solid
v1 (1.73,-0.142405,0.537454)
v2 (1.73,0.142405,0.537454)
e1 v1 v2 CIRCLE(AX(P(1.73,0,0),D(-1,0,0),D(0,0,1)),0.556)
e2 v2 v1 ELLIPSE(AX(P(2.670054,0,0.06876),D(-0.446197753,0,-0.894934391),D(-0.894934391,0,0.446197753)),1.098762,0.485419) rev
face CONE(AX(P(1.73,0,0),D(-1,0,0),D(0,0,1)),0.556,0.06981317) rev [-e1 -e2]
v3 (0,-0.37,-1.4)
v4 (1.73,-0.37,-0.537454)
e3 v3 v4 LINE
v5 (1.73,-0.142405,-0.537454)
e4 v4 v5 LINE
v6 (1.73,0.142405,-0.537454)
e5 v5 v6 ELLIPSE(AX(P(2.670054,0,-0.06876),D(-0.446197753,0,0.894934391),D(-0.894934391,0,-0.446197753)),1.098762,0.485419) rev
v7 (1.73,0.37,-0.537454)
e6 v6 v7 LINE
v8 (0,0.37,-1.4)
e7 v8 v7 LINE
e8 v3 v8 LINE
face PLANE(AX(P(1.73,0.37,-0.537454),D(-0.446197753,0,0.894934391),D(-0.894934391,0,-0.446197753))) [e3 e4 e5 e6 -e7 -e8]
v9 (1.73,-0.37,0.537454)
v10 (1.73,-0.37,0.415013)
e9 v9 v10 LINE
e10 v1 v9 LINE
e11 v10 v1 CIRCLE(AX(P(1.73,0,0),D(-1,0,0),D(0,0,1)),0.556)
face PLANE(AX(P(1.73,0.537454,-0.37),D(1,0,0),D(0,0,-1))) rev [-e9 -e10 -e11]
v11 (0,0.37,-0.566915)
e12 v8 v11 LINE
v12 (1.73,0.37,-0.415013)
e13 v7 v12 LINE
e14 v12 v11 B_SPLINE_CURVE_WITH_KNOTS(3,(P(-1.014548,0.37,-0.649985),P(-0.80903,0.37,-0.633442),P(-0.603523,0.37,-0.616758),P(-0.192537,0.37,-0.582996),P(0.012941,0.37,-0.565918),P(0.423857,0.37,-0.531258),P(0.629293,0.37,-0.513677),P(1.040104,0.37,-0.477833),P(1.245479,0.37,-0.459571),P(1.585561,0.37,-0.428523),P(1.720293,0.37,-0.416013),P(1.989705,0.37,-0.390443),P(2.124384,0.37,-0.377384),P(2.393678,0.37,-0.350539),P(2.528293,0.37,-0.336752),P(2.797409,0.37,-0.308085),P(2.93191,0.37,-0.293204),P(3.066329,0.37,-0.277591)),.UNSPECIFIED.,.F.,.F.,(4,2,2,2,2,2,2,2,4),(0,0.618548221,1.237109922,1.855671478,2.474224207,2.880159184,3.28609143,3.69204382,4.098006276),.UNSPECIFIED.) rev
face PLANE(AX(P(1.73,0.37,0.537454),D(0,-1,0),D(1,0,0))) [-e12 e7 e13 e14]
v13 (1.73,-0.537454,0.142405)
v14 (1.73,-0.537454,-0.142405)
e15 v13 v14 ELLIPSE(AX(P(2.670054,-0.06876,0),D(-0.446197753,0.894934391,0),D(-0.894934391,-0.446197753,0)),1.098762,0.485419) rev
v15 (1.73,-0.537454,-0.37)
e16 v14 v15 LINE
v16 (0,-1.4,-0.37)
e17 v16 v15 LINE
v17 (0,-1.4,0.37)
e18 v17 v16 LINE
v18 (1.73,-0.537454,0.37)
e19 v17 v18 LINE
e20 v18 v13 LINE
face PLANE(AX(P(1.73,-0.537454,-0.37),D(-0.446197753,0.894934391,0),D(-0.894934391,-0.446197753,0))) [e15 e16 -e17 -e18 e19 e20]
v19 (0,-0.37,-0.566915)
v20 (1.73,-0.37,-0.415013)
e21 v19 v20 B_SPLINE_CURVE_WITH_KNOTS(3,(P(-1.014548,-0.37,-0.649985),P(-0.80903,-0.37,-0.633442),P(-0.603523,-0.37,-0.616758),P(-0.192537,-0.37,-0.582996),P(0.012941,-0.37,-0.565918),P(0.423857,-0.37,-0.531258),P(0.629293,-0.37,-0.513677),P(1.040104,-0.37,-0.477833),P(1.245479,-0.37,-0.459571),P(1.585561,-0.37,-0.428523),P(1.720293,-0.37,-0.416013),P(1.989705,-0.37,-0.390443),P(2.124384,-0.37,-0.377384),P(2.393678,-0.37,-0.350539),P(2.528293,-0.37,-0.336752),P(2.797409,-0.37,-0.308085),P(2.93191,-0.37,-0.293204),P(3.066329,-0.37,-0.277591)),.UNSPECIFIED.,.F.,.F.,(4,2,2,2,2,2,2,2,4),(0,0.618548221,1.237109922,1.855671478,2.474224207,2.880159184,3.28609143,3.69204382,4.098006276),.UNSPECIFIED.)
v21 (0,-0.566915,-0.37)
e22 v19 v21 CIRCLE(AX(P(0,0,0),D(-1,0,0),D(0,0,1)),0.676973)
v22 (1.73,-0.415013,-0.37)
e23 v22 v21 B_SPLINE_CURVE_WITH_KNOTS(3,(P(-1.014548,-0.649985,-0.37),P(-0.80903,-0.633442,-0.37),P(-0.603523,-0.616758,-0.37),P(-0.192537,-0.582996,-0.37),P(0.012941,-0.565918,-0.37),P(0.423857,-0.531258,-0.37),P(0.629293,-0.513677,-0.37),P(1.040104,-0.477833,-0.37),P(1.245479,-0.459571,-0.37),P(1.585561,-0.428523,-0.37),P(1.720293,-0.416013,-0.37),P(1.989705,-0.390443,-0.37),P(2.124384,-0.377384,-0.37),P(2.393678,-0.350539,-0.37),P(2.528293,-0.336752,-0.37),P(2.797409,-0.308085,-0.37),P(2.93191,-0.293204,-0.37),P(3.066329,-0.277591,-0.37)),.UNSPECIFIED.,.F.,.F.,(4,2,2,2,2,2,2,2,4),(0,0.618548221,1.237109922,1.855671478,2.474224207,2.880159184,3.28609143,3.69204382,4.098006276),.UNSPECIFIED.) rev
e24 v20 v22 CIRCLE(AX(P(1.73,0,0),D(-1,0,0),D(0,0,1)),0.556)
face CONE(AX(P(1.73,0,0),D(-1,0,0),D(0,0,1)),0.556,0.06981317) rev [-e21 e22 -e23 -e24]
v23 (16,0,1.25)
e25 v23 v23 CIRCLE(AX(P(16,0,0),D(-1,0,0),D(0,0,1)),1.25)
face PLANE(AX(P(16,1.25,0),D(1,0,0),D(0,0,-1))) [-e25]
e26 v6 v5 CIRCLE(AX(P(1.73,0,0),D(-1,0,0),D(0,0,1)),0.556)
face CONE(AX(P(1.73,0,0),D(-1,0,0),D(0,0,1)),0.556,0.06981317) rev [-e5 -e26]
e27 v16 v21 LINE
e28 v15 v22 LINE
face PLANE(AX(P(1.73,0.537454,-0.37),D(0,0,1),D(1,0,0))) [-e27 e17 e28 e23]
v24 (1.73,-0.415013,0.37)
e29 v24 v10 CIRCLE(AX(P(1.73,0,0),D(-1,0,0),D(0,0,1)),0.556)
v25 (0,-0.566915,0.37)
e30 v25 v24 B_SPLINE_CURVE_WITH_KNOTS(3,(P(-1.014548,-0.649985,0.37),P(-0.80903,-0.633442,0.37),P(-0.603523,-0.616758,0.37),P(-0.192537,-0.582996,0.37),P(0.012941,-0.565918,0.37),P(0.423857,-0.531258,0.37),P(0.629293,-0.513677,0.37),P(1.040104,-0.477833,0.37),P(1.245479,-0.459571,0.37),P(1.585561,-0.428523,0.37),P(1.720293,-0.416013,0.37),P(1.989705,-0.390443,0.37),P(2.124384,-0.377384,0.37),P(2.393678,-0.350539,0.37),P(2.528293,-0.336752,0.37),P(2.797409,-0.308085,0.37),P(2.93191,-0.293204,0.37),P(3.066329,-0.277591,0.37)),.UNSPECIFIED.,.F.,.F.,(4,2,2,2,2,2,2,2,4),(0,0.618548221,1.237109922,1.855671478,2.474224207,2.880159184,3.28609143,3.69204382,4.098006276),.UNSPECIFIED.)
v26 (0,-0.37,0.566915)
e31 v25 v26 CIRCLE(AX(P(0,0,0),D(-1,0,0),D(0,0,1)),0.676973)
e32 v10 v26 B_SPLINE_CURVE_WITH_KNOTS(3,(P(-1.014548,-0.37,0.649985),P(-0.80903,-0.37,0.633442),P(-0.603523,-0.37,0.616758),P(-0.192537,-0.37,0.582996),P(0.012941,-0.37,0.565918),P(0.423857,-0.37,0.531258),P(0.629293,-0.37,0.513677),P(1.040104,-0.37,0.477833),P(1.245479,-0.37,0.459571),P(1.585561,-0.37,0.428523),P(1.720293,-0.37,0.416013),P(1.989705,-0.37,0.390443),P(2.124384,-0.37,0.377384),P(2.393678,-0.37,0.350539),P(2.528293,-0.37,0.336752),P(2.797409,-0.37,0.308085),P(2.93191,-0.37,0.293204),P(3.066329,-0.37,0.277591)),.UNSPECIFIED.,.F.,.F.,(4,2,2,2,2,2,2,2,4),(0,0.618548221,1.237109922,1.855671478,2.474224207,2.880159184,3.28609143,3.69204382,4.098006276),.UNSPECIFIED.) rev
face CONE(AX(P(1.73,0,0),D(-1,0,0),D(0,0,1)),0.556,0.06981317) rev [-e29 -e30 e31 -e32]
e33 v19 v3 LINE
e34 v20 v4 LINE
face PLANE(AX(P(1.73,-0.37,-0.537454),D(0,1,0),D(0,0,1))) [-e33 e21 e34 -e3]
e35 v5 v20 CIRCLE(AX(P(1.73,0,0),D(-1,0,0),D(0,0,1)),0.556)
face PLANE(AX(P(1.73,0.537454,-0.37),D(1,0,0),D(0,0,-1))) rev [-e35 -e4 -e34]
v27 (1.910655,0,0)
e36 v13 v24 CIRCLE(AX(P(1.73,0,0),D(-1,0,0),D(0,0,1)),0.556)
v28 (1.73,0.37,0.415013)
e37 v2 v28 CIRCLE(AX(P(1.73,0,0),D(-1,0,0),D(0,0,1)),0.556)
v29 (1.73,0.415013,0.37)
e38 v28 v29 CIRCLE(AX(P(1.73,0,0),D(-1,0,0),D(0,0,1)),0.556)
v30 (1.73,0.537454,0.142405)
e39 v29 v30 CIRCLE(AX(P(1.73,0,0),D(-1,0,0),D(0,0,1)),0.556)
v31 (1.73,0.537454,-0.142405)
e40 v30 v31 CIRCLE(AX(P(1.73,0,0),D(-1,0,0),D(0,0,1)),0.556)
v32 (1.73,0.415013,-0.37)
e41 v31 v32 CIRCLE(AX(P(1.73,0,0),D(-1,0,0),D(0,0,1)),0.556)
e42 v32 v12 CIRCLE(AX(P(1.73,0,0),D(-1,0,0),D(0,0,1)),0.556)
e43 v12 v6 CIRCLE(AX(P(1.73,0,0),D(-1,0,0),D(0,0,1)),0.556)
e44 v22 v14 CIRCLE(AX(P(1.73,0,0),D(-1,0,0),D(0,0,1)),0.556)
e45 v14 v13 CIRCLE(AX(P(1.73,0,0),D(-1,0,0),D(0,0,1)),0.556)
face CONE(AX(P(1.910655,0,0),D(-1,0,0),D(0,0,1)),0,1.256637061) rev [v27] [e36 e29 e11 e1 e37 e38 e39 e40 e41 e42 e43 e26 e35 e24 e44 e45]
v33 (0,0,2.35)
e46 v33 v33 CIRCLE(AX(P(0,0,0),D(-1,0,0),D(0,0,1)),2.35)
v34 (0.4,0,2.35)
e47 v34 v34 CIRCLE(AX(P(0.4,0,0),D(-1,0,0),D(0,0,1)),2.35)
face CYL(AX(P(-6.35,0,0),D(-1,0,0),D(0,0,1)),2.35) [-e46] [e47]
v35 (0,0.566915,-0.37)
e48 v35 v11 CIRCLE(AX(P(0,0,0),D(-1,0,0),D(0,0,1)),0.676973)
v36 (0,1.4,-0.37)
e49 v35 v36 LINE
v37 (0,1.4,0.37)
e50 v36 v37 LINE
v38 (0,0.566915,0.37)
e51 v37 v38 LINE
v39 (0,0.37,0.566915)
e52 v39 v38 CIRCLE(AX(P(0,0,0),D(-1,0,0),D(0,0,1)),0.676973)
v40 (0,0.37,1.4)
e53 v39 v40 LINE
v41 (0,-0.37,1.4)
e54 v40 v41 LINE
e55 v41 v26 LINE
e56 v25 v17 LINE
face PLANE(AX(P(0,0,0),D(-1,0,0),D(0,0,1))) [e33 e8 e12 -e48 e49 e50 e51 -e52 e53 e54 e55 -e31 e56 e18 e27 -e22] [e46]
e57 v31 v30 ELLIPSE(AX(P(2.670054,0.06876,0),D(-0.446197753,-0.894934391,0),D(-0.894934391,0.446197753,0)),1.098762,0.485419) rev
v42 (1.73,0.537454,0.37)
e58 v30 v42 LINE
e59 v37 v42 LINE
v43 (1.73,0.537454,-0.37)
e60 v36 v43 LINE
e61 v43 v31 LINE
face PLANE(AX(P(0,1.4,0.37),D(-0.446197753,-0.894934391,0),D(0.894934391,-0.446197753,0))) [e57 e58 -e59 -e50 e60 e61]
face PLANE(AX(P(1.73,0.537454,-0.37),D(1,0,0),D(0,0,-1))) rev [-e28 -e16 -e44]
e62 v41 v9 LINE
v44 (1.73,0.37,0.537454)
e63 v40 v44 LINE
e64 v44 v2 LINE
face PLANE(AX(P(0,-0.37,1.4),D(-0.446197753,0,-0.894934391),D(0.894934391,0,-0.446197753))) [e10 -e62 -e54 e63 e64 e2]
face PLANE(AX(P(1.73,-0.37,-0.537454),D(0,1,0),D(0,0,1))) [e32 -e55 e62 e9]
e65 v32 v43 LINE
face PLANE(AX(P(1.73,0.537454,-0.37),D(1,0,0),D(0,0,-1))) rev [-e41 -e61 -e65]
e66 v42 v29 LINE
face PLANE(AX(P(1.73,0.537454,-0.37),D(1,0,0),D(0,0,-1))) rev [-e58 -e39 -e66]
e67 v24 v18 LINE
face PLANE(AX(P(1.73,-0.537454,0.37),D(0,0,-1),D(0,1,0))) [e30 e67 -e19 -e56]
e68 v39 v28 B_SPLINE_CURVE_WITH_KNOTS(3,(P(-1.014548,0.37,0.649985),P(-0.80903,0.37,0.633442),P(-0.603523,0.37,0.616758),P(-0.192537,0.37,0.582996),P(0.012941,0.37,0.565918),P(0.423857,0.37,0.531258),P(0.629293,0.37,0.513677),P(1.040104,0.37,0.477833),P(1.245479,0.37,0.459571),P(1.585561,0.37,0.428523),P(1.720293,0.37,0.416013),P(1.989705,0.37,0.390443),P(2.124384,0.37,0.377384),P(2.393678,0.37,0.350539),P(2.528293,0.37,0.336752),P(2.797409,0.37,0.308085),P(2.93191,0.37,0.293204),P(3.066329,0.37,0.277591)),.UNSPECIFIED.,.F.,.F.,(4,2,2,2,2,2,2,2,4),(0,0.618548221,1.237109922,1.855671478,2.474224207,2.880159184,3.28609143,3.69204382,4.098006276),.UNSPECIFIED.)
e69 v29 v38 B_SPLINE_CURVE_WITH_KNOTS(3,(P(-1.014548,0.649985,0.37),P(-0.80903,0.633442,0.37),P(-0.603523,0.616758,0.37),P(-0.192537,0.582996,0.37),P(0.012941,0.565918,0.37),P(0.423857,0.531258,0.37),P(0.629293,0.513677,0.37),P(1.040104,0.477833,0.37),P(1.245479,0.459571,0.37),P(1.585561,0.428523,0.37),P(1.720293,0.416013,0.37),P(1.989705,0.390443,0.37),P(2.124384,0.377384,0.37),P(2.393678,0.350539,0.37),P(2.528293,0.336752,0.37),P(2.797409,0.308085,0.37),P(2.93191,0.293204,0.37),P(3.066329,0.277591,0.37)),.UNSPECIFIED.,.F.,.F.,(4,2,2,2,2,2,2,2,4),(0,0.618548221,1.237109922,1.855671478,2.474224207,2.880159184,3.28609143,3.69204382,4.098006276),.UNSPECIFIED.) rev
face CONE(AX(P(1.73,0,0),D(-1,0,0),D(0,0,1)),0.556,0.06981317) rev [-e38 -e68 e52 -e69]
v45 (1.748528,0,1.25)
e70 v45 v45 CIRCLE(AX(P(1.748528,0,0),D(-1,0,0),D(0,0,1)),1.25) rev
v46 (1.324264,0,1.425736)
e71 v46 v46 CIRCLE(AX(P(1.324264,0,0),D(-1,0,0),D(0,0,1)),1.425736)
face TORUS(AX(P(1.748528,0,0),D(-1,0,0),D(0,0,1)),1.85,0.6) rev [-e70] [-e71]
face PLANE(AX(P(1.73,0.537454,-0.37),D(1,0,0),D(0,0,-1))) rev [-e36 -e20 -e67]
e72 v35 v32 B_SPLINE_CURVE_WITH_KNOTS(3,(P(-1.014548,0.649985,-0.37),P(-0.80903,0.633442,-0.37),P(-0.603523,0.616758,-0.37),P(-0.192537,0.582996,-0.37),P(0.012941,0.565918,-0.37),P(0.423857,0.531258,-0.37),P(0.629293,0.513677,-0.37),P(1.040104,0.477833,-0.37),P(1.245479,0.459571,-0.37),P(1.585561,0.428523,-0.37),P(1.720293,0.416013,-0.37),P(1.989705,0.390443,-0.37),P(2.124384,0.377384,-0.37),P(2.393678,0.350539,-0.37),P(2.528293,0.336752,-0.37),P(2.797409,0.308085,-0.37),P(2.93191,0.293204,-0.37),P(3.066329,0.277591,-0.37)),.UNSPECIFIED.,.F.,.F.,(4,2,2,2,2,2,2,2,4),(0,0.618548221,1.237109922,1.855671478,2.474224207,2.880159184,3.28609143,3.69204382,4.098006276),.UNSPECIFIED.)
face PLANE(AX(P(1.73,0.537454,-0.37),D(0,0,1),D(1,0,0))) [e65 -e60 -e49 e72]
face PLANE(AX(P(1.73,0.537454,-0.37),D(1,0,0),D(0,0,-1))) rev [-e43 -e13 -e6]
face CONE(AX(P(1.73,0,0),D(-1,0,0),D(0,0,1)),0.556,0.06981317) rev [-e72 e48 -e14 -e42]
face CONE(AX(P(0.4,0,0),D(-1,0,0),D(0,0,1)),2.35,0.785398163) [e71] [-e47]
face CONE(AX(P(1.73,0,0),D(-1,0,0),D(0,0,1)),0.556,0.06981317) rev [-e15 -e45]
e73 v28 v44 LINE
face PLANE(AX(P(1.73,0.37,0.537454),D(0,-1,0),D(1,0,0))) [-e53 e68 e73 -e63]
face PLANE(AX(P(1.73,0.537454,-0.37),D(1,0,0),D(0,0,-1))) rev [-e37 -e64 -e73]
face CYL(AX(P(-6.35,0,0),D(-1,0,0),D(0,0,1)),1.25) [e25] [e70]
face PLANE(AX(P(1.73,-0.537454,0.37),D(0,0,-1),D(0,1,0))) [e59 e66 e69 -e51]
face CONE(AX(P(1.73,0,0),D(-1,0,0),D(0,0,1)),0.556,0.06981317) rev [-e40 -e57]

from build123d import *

# Parameters (mm, degrees)
FILLET1_R    = 0.6
RECPAT_COUNT = 2
RECPAT_ANGLE = 90


with BuildPart() as part:
    # BodySke → Base-Revolve (revolve)
    with BuildSketch(Plane.XY, mode=Mode.PRIVATE) as base_revolve_sk:
        Polygon((0, 0), (0, 2.35), (0.4, 2.35), (1.5, 1.25), (16, 1.25), (16, 0), align=None)
    revolve(base_revolve_sk.sketch.rotate(Axis((-6.35, 0, 0), (1, 0, 0)), 90), axis=Axis((-6.35, 0, 0), (1, 0, 0)))

    # Fillet1
    fillet1_edges = [part.edges().sort_by_distance(p)[0] for p in [
        (1.5, 0, -1.25),
    ]]
    fillet(fillet1_edges, radius=FILLET1_R)

    # Sketch3 → Recess section 0
    with BuildSketch(Plane.ZY):
        with BuildLine():
            Line((-0.37, 1.4), (0.37, 1.4))
            Line((0.37, 1.4), (0.37, -1.4))
            Line((0.37, -1.4), (-0.37, -1.4))
            Line((-0.37, -1.4), (-0.37, 1.4))
        make_face()
    # Sketch4 → Recess section 1
    with BuildSketch(Plane.ZY.offset(-1.73)):
        with BuildLine():
            Line((-0.37, 0.537453962), (0.37, 0.537453962))
            Line((0.37, 0.537453962), (0.37, -0.537453962))
            Line((0.37, -0.537453962), (-0.37, -0.537453962))
            Line((-0.37, -0.537453962), (-0.37, 0.537453962))
        make_face()
    recess = loft(mode=Mode.SUBTRACT)

    # RecPat: Recess ×2 about axis
    recpat_axis = Axis((0, 0, 0), (1, 0, 0))
    for i in range(1, RECPAT_COUNT):
        add(recess.rotate(recpat_axis, i * RECPAT_ANGLE / (RECPAT_COUNT - 1)), mode=Mode.SUBTRACT)

    # RecCorSke → RecessCore (revolve, cut)
    with BuildSketch(Plane.XY, mode=Mode.PRIVATE) as recesscore_sk:
        Polygon((0, 0), (0, 0.676973385), (1.73, 0.556), (1.910655351, 0), align=None)
    revolve(recesscore_sk.sketch.rotate(Axis((-3.175, 0, 0), (1, 0, 0)), 90), axis=Axis((-3.175, 0, 0), (1, 0, 0)), mode=Mode.SUBTRACT)


solid = part.part
